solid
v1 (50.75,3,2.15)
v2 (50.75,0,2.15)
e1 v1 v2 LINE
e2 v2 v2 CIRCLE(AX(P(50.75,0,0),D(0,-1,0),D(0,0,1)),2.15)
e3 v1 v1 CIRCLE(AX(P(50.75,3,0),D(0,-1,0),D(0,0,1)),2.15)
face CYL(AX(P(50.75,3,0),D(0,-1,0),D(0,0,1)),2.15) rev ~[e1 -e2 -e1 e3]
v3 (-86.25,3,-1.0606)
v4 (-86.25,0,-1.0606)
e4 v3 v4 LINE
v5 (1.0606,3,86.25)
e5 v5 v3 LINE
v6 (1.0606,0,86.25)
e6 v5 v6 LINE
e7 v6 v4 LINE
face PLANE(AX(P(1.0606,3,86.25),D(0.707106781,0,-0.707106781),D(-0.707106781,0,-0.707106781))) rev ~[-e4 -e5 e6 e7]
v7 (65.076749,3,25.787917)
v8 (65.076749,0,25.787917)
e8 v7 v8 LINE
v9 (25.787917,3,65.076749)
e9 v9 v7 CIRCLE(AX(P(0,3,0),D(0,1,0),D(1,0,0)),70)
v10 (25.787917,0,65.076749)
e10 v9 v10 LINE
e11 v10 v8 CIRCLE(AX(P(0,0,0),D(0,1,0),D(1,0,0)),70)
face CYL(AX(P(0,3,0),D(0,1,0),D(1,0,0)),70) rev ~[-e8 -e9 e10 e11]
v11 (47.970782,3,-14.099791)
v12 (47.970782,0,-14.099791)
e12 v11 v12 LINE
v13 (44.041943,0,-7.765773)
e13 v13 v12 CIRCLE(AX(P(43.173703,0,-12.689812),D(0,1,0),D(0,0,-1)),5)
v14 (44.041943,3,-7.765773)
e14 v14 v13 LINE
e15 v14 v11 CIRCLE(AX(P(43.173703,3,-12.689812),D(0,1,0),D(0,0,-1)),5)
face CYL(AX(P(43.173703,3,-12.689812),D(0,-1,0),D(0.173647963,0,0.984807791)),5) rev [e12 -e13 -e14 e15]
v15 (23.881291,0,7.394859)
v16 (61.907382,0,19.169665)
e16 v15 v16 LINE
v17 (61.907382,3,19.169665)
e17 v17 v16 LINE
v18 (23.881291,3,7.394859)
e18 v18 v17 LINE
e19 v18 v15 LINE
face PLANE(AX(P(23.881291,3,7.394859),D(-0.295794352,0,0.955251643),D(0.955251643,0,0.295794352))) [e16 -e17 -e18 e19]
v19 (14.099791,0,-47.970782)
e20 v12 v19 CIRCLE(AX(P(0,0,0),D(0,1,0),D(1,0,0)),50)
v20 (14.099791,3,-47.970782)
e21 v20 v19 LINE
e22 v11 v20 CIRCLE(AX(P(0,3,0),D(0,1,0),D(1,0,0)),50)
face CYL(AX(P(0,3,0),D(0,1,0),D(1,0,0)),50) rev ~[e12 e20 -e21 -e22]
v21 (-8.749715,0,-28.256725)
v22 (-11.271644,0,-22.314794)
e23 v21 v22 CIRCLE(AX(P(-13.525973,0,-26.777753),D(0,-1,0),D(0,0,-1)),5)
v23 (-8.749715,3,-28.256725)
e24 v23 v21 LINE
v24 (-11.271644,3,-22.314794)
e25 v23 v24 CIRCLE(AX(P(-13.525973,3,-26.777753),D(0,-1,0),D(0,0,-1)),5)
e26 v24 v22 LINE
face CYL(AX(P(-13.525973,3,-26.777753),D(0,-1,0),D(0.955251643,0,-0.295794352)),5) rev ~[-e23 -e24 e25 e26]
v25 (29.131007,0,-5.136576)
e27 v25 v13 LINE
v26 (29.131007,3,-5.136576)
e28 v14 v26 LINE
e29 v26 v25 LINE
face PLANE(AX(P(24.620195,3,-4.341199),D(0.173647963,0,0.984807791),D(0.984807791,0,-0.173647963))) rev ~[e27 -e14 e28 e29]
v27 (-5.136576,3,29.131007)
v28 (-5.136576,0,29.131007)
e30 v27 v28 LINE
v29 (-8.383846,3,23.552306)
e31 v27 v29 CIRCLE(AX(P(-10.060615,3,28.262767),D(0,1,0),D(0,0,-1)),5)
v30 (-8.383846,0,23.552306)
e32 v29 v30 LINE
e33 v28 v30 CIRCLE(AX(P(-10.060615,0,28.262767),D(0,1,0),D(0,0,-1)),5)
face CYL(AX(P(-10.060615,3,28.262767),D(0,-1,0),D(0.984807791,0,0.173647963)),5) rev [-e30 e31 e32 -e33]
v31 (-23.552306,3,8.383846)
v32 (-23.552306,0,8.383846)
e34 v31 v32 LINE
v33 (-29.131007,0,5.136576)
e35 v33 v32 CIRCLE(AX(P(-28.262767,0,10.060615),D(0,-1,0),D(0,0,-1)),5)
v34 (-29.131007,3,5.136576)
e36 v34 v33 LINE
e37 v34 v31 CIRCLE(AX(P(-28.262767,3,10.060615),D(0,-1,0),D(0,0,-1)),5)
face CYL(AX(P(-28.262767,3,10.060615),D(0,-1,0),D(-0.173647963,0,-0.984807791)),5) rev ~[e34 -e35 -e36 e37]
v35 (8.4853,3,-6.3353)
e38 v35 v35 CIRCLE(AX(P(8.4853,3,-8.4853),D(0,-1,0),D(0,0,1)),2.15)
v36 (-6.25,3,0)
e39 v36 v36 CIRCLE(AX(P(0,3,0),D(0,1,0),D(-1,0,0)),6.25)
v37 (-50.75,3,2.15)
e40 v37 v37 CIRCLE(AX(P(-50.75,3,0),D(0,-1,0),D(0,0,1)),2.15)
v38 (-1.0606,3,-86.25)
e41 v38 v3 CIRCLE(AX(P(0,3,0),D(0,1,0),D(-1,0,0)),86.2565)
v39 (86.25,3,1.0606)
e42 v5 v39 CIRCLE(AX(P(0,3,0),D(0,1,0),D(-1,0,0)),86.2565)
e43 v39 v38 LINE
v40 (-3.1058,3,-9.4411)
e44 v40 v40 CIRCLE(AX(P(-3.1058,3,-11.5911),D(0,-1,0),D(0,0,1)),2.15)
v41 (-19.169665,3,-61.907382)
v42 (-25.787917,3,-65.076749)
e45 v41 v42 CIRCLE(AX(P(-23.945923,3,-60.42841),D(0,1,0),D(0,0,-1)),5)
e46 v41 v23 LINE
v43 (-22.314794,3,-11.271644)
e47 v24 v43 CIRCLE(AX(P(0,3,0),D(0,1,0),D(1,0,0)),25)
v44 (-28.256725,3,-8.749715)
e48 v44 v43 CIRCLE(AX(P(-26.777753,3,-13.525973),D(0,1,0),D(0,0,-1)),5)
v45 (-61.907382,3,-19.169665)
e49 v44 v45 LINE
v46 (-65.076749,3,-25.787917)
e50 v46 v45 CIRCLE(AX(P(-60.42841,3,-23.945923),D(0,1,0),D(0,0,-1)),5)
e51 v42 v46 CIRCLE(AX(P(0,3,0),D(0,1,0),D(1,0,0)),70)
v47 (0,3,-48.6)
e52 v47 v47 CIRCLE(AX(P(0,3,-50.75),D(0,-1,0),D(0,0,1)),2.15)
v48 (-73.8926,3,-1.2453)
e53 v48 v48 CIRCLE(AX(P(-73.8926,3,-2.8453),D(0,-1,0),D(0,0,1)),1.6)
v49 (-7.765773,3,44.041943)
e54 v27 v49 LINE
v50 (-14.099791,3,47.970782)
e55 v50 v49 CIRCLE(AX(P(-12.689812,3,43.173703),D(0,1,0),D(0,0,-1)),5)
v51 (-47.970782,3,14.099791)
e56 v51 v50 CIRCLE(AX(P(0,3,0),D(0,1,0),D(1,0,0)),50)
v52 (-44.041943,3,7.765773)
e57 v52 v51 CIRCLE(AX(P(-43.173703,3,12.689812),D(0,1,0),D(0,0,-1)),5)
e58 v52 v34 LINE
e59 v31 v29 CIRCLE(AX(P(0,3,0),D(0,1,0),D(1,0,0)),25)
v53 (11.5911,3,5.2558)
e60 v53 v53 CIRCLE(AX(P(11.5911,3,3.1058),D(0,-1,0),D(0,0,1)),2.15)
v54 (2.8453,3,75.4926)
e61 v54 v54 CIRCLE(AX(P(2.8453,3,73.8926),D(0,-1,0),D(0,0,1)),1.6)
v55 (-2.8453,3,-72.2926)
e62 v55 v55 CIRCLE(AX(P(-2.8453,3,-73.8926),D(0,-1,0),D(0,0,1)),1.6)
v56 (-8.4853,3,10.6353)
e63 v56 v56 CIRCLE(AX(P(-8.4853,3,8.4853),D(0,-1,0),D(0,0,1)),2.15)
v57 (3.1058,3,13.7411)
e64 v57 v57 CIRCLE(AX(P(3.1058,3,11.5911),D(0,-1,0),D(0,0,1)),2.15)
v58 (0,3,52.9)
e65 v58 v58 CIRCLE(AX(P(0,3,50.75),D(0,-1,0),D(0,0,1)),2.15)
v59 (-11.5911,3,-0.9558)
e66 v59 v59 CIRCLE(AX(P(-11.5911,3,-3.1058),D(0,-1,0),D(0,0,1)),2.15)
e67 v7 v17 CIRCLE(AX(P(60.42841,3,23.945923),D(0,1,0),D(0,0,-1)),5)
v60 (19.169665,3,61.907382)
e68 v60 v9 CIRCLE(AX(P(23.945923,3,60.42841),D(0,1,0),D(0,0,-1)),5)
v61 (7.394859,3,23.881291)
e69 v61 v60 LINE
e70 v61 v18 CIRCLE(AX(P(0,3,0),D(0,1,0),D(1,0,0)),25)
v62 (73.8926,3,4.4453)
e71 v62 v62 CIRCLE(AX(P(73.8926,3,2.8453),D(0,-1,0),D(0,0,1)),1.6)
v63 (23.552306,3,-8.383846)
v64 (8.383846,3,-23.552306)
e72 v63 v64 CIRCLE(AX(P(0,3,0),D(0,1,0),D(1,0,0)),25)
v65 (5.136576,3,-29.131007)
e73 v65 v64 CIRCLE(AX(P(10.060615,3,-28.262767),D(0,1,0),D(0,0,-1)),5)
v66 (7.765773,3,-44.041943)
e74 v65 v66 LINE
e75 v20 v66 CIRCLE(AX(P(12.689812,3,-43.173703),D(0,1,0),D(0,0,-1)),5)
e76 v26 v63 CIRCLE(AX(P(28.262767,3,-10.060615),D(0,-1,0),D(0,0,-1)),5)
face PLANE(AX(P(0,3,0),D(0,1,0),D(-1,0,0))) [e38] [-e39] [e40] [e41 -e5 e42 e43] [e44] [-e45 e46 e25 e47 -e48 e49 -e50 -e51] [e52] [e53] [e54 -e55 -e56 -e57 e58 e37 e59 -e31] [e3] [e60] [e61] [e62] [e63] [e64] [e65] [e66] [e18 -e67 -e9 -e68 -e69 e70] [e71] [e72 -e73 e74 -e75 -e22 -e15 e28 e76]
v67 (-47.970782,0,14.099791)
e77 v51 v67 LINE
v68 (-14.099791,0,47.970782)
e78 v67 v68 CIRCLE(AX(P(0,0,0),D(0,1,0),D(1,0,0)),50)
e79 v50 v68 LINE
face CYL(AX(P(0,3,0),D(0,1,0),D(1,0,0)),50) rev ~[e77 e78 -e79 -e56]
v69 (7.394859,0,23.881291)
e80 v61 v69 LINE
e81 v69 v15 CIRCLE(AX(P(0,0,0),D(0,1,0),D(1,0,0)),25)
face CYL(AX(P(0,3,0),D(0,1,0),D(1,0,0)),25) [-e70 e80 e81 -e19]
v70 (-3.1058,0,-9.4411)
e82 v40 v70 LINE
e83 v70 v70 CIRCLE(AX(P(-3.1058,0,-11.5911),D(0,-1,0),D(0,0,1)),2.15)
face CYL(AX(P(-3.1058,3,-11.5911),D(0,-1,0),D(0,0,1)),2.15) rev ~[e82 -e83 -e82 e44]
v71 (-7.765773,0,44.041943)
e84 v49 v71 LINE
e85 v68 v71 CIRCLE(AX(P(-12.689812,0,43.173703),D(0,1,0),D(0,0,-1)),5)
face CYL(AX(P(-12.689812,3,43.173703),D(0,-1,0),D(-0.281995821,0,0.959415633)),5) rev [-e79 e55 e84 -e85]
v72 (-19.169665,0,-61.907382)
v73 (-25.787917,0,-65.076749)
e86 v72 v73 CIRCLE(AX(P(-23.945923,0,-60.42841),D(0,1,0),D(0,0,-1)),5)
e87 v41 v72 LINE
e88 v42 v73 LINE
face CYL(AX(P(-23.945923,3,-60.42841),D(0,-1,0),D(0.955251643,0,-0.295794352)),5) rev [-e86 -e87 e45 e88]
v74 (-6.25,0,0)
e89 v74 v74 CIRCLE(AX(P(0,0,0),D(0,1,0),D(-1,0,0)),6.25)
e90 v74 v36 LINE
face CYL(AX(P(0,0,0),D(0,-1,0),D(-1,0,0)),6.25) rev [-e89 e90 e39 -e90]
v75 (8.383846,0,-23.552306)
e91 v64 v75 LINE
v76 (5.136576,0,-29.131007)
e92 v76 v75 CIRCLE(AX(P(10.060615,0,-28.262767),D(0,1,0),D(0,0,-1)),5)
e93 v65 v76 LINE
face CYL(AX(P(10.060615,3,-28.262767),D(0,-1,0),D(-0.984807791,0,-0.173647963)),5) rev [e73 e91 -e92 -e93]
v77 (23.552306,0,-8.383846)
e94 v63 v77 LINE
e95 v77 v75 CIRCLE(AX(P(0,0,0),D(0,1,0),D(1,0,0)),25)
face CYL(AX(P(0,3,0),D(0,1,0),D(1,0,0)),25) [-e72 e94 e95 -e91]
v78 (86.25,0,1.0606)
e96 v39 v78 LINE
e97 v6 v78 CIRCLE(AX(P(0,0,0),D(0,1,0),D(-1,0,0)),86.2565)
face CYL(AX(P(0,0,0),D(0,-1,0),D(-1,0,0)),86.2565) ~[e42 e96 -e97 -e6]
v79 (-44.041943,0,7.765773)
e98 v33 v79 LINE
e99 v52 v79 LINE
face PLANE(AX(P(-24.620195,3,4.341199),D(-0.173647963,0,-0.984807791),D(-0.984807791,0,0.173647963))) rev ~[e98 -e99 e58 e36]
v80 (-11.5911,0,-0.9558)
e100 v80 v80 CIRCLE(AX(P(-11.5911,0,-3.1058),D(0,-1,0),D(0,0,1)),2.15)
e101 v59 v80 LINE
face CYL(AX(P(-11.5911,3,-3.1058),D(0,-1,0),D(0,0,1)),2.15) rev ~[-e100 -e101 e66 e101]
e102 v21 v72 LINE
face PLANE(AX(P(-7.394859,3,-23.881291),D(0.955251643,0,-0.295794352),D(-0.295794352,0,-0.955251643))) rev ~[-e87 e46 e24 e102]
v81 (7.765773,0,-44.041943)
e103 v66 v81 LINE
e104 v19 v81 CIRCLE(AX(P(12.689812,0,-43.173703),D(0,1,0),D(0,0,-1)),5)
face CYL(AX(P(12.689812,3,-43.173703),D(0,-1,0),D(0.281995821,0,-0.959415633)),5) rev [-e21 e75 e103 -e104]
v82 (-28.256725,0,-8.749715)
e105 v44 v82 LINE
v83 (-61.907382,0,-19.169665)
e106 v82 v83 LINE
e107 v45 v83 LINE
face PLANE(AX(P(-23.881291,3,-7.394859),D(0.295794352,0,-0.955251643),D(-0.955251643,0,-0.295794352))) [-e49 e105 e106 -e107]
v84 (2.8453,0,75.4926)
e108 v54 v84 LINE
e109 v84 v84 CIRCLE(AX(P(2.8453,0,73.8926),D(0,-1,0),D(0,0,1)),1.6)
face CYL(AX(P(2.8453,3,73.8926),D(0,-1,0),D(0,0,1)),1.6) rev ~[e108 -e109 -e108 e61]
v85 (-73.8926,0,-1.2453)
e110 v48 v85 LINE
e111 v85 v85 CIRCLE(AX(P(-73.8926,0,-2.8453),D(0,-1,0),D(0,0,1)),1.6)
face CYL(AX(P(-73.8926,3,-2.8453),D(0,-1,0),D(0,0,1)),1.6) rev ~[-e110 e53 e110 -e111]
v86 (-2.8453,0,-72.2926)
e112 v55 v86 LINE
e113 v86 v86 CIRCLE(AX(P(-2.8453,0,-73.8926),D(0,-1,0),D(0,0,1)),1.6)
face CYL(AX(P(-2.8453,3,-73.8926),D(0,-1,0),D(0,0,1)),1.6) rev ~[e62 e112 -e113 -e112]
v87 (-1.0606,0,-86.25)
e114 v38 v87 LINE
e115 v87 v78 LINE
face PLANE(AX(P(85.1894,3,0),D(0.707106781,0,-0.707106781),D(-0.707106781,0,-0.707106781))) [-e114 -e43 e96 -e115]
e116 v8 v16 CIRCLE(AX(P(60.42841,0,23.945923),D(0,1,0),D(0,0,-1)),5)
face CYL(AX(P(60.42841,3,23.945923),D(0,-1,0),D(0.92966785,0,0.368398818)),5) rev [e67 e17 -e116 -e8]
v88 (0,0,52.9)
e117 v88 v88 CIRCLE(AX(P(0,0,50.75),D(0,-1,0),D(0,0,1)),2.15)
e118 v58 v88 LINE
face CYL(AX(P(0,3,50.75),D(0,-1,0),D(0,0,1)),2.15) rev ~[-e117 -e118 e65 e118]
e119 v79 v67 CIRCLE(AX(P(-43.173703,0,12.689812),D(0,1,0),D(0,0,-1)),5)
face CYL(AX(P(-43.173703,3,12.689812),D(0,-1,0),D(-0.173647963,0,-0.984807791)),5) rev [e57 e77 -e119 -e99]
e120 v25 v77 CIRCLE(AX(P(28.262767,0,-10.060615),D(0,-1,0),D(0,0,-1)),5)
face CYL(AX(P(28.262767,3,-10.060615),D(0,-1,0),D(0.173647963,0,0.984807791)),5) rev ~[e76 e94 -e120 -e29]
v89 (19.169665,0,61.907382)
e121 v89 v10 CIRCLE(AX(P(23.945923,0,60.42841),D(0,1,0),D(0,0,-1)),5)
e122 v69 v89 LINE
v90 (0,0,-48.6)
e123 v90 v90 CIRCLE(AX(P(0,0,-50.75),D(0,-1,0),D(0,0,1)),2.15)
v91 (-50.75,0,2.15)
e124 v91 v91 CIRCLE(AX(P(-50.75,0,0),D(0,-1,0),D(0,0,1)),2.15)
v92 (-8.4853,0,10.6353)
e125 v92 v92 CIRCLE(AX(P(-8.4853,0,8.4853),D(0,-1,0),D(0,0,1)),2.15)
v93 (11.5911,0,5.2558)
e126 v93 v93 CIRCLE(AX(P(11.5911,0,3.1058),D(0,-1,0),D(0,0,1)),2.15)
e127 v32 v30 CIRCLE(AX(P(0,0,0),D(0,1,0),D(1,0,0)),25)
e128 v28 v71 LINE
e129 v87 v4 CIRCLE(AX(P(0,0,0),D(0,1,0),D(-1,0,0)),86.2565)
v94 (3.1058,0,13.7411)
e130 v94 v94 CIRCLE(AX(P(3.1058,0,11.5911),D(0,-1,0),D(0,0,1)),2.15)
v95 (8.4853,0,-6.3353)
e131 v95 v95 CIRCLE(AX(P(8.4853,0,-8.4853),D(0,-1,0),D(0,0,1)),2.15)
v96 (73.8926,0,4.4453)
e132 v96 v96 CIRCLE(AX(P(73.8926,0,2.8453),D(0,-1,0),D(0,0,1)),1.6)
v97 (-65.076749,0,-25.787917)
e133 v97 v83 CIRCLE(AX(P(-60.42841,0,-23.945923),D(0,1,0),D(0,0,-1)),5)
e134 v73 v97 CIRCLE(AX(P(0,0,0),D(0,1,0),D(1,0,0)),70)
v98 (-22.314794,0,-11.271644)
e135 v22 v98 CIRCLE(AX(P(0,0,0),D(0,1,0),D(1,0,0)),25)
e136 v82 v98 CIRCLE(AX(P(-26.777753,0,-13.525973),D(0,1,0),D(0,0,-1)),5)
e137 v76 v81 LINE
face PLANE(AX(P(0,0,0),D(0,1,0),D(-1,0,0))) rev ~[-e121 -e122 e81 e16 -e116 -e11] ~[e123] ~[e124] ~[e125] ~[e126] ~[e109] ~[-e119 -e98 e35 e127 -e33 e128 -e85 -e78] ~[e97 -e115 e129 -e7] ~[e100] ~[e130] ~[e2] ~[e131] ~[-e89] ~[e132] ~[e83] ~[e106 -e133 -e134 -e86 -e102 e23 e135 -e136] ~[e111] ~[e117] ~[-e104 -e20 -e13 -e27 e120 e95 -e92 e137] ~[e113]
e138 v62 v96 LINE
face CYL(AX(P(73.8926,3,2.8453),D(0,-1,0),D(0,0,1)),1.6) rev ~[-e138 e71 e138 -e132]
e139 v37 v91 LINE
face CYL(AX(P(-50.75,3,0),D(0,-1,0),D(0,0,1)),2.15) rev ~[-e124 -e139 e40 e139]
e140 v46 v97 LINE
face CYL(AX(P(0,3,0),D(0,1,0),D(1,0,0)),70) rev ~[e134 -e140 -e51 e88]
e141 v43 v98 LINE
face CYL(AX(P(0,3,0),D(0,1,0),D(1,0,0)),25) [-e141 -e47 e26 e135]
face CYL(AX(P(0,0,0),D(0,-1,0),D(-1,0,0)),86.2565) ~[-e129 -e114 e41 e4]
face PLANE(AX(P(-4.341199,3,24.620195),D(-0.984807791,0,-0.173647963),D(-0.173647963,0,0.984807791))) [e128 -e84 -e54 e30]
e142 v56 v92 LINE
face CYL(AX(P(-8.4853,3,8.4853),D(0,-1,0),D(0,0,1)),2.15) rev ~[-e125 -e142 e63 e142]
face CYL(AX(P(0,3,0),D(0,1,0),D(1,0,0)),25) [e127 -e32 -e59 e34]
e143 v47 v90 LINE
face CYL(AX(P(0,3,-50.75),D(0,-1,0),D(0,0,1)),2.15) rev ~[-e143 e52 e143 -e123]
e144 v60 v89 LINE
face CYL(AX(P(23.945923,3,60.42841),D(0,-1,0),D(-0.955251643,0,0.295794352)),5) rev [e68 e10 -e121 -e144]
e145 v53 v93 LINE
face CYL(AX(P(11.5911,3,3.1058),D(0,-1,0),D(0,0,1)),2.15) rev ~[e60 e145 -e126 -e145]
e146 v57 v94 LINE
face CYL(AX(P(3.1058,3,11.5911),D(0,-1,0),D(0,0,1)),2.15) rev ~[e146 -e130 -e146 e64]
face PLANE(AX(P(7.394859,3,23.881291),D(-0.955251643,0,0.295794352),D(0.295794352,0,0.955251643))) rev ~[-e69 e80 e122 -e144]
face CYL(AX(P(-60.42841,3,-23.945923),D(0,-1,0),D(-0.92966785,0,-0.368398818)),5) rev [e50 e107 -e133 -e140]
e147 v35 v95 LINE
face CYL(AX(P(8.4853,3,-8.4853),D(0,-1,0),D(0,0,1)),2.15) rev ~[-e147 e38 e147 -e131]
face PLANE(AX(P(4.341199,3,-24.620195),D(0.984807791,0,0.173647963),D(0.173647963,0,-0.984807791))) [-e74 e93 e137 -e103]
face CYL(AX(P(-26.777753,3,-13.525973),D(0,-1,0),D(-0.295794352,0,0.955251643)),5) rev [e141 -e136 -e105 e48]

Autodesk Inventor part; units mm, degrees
ref_plane "YZ Plane" through (0, 0, 0) normal (1, 0, 0) x (0, 1, 0)
ref_plane "XZ Plane" through (0, 0, 0) normal (0, 1, 0) x (-1, 0, 0)
ref_plane "XY Plane" through (0, 0, 0) normal (0, 0, 1) x (1, 0, 0)
sketch "スケッチ1" plane through (0, 0, 0) normal (0, 1, 0) x (-1, 0, 0)
  circle A0 centre (0, 0) radius 86.2565
  circle A1 centre (0, 0) radius 6.25
  dimension "d0" = 172.513
  dimension "d1" = 12.5
extrude "押し出し1" add sketch "スケッチ1" along normal blind 3
sketch "スケッチ2" plane through (0, 3, 0) normal (0, 1, 0) x (1, 0, 0)
  circle A0 centre (0, 0) radius 50.75
  point P0 (0, 50.75)
  point P1 (-50.75, 0)
  point P2 (0, -50.75)
  point P3 (50.75, 0)
  dimension "d4" = 101.5
  dimension "d7" = 360
hole "穴1" at (0, 3, -50.75) at (-50.75, 3, 0) at (0, 3, 50.75) at (50.75, 3, 0) direction (0, -1, 0) diameter 4.3 end through all
sketch "スケッチ3" plane through (0, 3, 0) normal (0, 1, 0) x (1, 0, 0)
  line L0 (0, 0) -> (86.2565, 0)
  circle A0 centre (0, 0) radius 86.2565 projected
  circle A1 centre (0, 0) radius 6.25 projected
  line L1 (0, 0) -> (60.9926, -60.9926)
  line L2 (1.0606, -86.25) -> (-86.25, 1.0606)
  line L3 (86.25, -1.0606) -> (-1.0606, 86.25)
  point P0 (-1.0606, 86.25)
  point P1 (85.1894, 0)
  point P2 (86.25, -1.0606)
  dimension "d16" = 45
  dimension "d17" = 60.238
extrude "押し出し2" cut sketch "スケッチ3" against normal blind 3 contours L3 A0 L0 | L0 A0 L3 | A0 L2
sketch "スケッチ4" plane through (0, 3, 0) normal (0, 1, 0) x (1, 0, 0)
  circle A0 centre (0, 0) radius 6.25 projected
  circle A1 centre (0, 0) radius 12
  line L0 (0, 0) -> (-8.4853, -8.4853)
  line L1 (0, 0) -> (-12, 0)
  point P0 (3.1058, -11.5911)
  point P1 (11.5911, -3.1058)
  point P2 (8.4853, 8.4853)
  point P3 (-3.1058, 11.5911)
  point P4 (-11.5911, 3.1058)
  dimension "d20" = 24
  dimension "d21" = 45
  dimension "d24" = 360
hole "穴2" at (-8.4853, 3, 8.4853) at (3.1058, 3, 11.5911) at (11.5911, 3, 3.1058) at (8.4853, 3, -8.4853) at (-3.1058, 3, -11.5911) at (-11.5911, 3, -3.1058) direction (0, -1, 0) diameter 4.3 end through all
sketch "スケッチ5" plane through (0, 3, 0) normal (0, 1, 0) x (1, 0, 0)
  arc A0 (1.0606, -86.25) -> (86.25, -1.0606) centre (0, 0) ccw projected
  line L0 (14.0562, -85.1035) -> (-85.1035, 14.0562)
  arc A1 (-1.0606, 86.25) -> (-86.25, 1.0606) centre (0, 0) ccw projected
  line L1 (-86.25, 1.0606) -> (1.0606, -86.25) projected
  line L2 (-14.0562, 85.1035) -> (85.1035, -14.0562)
  line L3 (86.25, -1.0606) -> (-1.0606, 86.25) projected
  line L4 (-86.25, 1.0606) -> (-1.0606, 86.25)
  line L5 (1.0606, -86.25) -> (86.25, -1.0606)
  line L6 (-73.8926, 2.8453) -> (-2.8453, 73.8926)
  line L7 (80.9636, 4.2257) -> (2.8453, -73.8926)
  point P0 (73.8926, -2.8453)
  dimension "d33" = 10
  dimension "d34" = 10
  dimension "d35" = 7.476
  dimension "d36" = 7.476
hole "穴3" at (-73.8926, 3, -2.8453) at (-2.8453, 3, -73.8926) at (73.8926, 3, 2.8453) at (2.8453, 3, 73.8926) direction (0, -1, 0) diameter 3.2 end through all
sketch "スケッチ6" plane through (0, 3, 0) normal (0, 1, 0) x (1, 0, 0)
  circle A0 centre (0, 0) radius 6.25 projected
  circle A1 centre (0, 0) radius 70
  circle A2 centre (0, 0) radius 50
  circle A3 centre (-2.8453, 73.8926) radius 1.6 projected
  line L0 (0, 0) -> (-2.8453, 73.8926)
  circle A4 centre (-73.8926, 2.8453) radius 1.6 projected
  line L1 (0, 0) -> (-73.8926, 2.8453)
  line L2 (0, 0) -> (-20.7056, 66.8676)
  line L3 (0, 0) -> (-66.8676, 20.7056)
  circle A5 centre (0, 0) radius 25
  circle A6 centre (0, 50.75) radius 2.15 projected
  line L4 (0, 0) -> (0, 50.75)
  line L5 (0, 0) -> (8.6824, 49.2404)
  line L6 (0, 0) -> (49.2404, 8.6824)
  circle A7 centre (50.75, 0) radius 2.15 projected
  line L7 (0, 0) -> (50.75, 0)
  line L8 (0, 0) -> (-49.2404, -8.6824)
  line L9 (0, 0) -> (-8.6824, -49.2404)
  line L10 (0, 0) -> (20.7056, -66.8676)
  line L11 (0, 0) -> (66.8676, -20.7056)
  circle A8 centre (0, 0) radius 40
  point P0 (-4.3412, -24.6202)
  point P1 (-24.6202, -4.3412)
  point P2 (47.7626, -14.7897)
  point P3 (23.8813, -7.3948)
  point P4 (7.3948, -23.8813)
  point P5 (14.7897, -47.7626)
  point P6 (24.6202, 4.3412)
  point P7 (4.3412, 24.6202)
  point P8 (-23.8813, 7.3948)
  point P9 (-7.3948, 23.8813)
  point P10 (-14.7897, 47.7626)
  point P11 (-47.7626, 14.7897)
  point P12 (66.8676, -20.7056)
  point P13 (20.7056, -66.8676)
  point P14 (38.2101, -11.8318)
  point P15 (11.8318, -38.2101)
  point P16 (-38.2101, 11.8318)
  point P17 (-11.8318, 38.2101)
  dimension "d44" = 140
  dimension "d45" = 100
  dimension "d46" = 15
  dimension "d47" = 15
  dimension "d48" = 50
  dimension "d49" = 10
  dimension "d50" = 10
  dimension "d53" = 360
  dimension "d57" = 80
extrude "押し出し3" cut sketch "スケッチ6" against normal blind 10 contours A5 L5 A8 L6 | L11 A8 L10 A5 | A8 L5 A2 L6 | L11 A2 L10 A8 | A5 L3 A8 L2 | A5 L9 A8 L8 | L11 A1 L10 A2 | A8 L3 A2 L2 | A8 L9 A2 L8 | A2 L3 A1 L2
fillet "フィレット1" radius 5 14 edges at (-20.7056, 1.5, -66.8676) (-66.8676, 1.5, -20.7056) (-49.2404, 1.5, 8.6824) (-24.6202, 1.5, 4.3412) (-8.6824, 1.5, 49.2404) (-4.3412, 1.5, 24.6202) (20.7056, 1.5, 66.8676) (66.8676, 1.5, 20.7056) (24.6202, 1.5, -4.3412) (49.2404, 1.5, -8.6824) (8.6824, 1.5, -49.2404) (4.3412, 1.5, -24.6202) (-7.3948, 1.5, -23.8813) (-23.8813, 1.5, -7.3948)
properties part number "baseplate_R2toR3" material "アルミニウム 6061"
